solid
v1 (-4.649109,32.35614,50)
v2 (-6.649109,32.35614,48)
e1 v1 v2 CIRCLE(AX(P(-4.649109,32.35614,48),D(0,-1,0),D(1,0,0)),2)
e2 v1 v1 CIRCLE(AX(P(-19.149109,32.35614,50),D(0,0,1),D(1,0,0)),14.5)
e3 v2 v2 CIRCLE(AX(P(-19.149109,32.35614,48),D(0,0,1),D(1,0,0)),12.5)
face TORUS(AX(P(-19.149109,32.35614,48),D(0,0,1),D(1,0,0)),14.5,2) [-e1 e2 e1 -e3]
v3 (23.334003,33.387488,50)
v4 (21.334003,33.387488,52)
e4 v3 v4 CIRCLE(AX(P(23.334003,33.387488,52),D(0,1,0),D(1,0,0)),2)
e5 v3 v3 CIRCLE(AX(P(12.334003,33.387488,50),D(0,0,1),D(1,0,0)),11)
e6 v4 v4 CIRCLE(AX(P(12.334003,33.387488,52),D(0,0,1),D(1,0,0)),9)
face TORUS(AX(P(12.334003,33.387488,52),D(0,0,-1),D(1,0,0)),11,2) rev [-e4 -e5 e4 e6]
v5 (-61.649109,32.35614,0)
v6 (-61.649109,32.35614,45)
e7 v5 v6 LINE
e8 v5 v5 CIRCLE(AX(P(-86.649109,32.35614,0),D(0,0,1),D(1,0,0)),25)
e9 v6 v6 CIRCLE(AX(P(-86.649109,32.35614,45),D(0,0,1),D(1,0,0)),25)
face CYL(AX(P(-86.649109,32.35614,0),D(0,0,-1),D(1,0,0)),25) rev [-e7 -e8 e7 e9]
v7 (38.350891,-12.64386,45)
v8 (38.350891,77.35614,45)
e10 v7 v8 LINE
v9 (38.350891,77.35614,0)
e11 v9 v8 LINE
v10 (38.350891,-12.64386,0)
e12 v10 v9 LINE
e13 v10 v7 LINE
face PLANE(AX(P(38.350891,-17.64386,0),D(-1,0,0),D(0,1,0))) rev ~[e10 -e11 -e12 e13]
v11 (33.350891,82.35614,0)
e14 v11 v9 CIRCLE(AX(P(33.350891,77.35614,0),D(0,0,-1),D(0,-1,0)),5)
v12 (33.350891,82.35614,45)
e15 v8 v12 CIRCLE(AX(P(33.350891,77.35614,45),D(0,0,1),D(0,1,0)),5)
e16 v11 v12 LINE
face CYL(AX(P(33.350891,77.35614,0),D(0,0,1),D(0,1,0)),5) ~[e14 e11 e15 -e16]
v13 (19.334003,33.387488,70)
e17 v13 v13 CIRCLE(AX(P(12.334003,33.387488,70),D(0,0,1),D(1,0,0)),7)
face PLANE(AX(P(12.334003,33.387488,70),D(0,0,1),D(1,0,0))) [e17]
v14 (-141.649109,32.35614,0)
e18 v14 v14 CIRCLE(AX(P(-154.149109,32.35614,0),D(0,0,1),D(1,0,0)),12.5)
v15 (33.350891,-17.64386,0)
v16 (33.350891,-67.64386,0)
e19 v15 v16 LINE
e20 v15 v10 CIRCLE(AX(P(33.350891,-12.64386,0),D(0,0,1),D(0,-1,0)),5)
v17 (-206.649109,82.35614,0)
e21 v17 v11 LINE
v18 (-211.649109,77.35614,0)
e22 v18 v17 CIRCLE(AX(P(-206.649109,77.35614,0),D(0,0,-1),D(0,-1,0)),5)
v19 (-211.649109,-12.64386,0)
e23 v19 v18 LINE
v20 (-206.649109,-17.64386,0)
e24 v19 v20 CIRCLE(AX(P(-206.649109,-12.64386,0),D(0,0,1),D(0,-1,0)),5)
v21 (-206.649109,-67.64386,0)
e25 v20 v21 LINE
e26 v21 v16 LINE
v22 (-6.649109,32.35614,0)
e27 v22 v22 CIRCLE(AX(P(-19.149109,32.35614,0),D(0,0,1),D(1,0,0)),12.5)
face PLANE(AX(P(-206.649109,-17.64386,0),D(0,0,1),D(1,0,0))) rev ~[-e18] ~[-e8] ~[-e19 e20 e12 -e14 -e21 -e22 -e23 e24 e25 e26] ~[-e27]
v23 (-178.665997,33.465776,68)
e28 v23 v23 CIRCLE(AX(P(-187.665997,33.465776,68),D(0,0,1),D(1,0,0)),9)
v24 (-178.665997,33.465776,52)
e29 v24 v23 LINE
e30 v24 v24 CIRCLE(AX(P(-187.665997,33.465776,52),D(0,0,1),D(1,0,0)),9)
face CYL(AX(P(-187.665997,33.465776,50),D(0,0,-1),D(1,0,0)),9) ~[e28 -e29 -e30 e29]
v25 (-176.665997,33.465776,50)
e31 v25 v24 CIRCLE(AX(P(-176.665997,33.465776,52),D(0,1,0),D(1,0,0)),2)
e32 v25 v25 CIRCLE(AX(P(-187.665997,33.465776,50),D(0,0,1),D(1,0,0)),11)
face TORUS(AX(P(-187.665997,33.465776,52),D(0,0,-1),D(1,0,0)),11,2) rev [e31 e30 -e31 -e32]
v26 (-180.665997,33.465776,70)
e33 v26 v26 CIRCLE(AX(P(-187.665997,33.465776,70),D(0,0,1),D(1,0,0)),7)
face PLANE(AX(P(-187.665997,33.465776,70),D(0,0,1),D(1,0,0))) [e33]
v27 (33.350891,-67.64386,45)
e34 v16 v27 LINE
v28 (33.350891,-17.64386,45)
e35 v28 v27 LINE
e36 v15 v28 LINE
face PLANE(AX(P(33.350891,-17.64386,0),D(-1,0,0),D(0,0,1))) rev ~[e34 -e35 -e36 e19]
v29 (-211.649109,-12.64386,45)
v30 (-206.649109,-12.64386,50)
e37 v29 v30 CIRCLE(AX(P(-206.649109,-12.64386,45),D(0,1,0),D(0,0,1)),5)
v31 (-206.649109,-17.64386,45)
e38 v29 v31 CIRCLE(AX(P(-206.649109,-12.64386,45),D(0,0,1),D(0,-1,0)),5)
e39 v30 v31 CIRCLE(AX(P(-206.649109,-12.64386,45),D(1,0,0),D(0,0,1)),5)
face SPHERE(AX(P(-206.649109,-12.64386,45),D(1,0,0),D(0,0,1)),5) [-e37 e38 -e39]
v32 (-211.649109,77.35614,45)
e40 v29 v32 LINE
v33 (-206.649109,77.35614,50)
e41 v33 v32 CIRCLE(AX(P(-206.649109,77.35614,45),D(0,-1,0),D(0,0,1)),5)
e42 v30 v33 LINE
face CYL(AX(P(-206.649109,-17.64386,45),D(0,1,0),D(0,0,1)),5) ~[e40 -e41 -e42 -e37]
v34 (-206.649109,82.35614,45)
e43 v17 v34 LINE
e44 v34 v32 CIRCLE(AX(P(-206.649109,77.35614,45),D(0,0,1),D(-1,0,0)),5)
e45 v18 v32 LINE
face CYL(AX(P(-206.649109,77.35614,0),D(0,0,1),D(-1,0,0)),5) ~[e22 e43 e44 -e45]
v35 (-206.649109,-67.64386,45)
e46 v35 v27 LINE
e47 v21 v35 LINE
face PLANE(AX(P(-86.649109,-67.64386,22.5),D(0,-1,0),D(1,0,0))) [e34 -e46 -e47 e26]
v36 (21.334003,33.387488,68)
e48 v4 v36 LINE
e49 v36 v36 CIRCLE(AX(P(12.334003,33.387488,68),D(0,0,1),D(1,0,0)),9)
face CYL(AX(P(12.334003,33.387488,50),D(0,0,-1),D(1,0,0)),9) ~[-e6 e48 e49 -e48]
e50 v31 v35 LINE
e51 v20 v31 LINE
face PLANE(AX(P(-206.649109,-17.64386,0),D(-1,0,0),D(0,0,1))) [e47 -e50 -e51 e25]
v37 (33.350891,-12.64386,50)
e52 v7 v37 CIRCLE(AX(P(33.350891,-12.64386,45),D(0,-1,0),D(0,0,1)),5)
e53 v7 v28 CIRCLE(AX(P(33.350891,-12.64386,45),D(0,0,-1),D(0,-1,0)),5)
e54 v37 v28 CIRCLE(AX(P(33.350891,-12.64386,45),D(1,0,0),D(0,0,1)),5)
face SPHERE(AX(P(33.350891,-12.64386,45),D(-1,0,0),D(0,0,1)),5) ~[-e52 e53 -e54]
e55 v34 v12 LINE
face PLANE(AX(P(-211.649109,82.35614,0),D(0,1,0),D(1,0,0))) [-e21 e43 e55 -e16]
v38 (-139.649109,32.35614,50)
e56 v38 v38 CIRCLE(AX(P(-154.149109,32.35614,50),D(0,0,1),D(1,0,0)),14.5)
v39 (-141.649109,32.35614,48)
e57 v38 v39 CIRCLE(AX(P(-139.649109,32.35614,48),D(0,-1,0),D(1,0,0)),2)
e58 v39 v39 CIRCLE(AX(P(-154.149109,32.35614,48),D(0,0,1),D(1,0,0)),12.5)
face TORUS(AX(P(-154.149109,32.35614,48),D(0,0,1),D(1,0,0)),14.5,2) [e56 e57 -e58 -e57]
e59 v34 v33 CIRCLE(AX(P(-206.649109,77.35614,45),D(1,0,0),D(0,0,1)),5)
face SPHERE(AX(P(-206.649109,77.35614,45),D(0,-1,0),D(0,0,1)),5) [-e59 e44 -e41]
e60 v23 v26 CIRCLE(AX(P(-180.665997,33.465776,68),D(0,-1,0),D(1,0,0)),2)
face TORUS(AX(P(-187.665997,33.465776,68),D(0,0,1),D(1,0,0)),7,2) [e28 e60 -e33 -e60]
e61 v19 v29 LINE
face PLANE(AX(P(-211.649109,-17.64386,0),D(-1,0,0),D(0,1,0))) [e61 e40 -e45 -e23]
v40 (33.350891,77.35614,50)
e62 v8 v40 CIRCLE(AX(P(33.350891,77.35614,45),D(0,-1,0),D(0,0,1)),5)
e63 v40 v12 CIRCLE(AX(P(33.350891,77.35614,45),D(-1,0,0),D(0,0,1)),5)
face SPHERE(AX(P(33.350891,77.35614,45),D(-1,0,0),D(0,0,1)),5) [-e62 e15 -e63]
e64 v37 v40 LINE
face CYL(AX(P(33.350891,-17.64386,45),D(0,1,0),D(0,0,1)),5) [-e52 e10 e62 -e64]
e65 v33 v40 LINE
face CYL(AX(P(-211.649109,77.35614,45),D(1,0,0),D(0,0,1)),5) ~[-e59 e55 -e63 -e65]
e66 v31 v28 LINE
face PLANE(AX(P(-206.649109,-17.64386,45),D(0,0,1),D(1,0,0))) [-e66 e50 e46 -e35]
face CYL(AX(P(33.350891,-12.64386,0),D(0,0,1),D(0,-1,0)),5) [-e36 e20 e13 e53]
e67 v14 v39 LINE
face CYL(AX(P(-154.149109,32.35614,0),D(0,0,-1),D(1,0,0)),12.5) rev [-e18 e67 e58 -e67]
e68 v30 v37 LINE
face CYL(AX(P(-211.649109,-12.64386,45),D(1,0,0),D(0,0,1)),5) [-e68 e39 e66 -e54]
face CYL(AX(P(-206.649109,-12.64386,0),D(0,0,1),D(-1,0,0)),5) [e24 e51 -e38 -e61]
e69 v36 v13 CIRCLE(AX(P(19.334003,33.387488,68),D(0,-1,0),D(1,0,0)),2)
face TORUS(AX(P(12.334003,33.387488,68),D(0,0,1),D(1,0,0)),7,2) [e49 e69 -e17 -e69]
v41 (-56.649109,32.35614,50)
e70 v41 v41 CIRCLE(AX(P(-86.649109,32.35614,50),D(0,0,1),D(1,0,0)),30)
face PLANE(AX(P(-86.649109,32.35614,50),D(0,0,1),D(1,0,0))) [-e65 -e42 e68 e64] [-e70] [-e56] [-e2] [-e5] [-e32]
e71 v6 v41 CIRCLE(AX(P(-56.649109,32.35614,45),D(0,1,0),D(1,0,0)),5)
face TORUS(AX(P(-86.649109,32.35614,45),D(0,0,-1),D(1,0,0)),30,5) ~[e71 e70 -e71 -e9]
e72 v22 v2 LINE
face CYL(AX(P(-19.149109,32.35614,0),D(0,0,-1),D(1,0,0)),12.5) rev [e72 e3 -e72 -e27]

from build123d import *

# Parameters (mm, degrees)
F0_W      = 250
F0_H      = 100
F0_R      = 12.5
F0_R_2    = 25
F1_DEPTH  = 50
F2_R      = 5
F3_R      = 5
F4_R      = 9
F5_DEPTH  = 20
F6_R      = 2
F7_R      = 2
F1_FACE_W = 240
F1_FACE_H = 45
F8_DEPTH  = 50


with BuildPart() as f1:
    # F0 (on Top) → F1 (new body)
    with BuildSketch(Plane.XY):
        with Locations((-86.649109, 32.35614)):
            Rectangle(F0_W, F0_H)
        with Locations((-154.149109, 32.35614)):
            Circle(F0_R, mode=Mode.SUBTRACT)
        with Locations((-19.149109, 32.35614)):
            Circle(F0_R, mode=Mode.SUBTRACT)
        with Locations((-86.649109, 32.35614)):
            Circle(F0_R_2, mode=Mode.SUBTRACT)
    extrude(amount=F1_DEPTH)

    # F2
    f2_edges = [f1.edges().sort_by_distance(p)[0] for p in [
        (-111.649109, 32.35614, 50),
    ]]
    fillet(f2_edges, radius=F2_R)

    # F3
    f3_edges = [f1.edges().sort_by_distance(p)[0] for p in [
        (-86.649109, -17.64386, 50),
        (-211.649109, 32.35614, 50),
        (-86.649109, 82.35614, 50),
        (38.350891, 32.35614, 50),
        (38.350891, -17.64386, 25),
        (38.350891, 82.35614, 25),
        (-211.649109, -17.64386, 25),
        (-211.649109, 82.35614, 25),
    ]]
    fillet(f3_edges, radius=F3_R)

    # F4 (on face) → F5 (join)
    with BuildSketch(Plane.XY.offset(50)):
        with Locations((-187.665997, 33.465776)):
            Circle(F4_R)
        with Locations((12.334003, 33.387488)):
            Circle(F4_R)
    extrude(amount=F5_DEPTH)

    # F6
    f6_edges = [f1.edges().sort_by_distance(p)[0] for p in [
        (-196.665997, 33.465776, 70),
        (3.334003, 33.387488, 70),
        (3.334003, 33.387488, 50),
        (-196.665997, 33.465776, 50),
    ]]
    fillet(f6_edges, radius=F6_R)

    # F7
    f7_edges = [f1.edges().sort_by_distance(p)[0] for p in [
        (-166.649109, 32.35614, 50),
        (-31.649109, 32.35614, 50),
    ]]
    fillet(f7_edges, radius=F7_R)

    # F1_face (on face) → F8 (join)
    with BuildSketch(Plane(origin=(-86.649109, -17.64386, 22.5), x_dir=(1, 0, 0), z_dir=(0, -1, 0))):
        Rectangle(F1_FACE_W, F1_FACE_H)
    extrude(amount=F8_DEPTH)


solid = f1.part
